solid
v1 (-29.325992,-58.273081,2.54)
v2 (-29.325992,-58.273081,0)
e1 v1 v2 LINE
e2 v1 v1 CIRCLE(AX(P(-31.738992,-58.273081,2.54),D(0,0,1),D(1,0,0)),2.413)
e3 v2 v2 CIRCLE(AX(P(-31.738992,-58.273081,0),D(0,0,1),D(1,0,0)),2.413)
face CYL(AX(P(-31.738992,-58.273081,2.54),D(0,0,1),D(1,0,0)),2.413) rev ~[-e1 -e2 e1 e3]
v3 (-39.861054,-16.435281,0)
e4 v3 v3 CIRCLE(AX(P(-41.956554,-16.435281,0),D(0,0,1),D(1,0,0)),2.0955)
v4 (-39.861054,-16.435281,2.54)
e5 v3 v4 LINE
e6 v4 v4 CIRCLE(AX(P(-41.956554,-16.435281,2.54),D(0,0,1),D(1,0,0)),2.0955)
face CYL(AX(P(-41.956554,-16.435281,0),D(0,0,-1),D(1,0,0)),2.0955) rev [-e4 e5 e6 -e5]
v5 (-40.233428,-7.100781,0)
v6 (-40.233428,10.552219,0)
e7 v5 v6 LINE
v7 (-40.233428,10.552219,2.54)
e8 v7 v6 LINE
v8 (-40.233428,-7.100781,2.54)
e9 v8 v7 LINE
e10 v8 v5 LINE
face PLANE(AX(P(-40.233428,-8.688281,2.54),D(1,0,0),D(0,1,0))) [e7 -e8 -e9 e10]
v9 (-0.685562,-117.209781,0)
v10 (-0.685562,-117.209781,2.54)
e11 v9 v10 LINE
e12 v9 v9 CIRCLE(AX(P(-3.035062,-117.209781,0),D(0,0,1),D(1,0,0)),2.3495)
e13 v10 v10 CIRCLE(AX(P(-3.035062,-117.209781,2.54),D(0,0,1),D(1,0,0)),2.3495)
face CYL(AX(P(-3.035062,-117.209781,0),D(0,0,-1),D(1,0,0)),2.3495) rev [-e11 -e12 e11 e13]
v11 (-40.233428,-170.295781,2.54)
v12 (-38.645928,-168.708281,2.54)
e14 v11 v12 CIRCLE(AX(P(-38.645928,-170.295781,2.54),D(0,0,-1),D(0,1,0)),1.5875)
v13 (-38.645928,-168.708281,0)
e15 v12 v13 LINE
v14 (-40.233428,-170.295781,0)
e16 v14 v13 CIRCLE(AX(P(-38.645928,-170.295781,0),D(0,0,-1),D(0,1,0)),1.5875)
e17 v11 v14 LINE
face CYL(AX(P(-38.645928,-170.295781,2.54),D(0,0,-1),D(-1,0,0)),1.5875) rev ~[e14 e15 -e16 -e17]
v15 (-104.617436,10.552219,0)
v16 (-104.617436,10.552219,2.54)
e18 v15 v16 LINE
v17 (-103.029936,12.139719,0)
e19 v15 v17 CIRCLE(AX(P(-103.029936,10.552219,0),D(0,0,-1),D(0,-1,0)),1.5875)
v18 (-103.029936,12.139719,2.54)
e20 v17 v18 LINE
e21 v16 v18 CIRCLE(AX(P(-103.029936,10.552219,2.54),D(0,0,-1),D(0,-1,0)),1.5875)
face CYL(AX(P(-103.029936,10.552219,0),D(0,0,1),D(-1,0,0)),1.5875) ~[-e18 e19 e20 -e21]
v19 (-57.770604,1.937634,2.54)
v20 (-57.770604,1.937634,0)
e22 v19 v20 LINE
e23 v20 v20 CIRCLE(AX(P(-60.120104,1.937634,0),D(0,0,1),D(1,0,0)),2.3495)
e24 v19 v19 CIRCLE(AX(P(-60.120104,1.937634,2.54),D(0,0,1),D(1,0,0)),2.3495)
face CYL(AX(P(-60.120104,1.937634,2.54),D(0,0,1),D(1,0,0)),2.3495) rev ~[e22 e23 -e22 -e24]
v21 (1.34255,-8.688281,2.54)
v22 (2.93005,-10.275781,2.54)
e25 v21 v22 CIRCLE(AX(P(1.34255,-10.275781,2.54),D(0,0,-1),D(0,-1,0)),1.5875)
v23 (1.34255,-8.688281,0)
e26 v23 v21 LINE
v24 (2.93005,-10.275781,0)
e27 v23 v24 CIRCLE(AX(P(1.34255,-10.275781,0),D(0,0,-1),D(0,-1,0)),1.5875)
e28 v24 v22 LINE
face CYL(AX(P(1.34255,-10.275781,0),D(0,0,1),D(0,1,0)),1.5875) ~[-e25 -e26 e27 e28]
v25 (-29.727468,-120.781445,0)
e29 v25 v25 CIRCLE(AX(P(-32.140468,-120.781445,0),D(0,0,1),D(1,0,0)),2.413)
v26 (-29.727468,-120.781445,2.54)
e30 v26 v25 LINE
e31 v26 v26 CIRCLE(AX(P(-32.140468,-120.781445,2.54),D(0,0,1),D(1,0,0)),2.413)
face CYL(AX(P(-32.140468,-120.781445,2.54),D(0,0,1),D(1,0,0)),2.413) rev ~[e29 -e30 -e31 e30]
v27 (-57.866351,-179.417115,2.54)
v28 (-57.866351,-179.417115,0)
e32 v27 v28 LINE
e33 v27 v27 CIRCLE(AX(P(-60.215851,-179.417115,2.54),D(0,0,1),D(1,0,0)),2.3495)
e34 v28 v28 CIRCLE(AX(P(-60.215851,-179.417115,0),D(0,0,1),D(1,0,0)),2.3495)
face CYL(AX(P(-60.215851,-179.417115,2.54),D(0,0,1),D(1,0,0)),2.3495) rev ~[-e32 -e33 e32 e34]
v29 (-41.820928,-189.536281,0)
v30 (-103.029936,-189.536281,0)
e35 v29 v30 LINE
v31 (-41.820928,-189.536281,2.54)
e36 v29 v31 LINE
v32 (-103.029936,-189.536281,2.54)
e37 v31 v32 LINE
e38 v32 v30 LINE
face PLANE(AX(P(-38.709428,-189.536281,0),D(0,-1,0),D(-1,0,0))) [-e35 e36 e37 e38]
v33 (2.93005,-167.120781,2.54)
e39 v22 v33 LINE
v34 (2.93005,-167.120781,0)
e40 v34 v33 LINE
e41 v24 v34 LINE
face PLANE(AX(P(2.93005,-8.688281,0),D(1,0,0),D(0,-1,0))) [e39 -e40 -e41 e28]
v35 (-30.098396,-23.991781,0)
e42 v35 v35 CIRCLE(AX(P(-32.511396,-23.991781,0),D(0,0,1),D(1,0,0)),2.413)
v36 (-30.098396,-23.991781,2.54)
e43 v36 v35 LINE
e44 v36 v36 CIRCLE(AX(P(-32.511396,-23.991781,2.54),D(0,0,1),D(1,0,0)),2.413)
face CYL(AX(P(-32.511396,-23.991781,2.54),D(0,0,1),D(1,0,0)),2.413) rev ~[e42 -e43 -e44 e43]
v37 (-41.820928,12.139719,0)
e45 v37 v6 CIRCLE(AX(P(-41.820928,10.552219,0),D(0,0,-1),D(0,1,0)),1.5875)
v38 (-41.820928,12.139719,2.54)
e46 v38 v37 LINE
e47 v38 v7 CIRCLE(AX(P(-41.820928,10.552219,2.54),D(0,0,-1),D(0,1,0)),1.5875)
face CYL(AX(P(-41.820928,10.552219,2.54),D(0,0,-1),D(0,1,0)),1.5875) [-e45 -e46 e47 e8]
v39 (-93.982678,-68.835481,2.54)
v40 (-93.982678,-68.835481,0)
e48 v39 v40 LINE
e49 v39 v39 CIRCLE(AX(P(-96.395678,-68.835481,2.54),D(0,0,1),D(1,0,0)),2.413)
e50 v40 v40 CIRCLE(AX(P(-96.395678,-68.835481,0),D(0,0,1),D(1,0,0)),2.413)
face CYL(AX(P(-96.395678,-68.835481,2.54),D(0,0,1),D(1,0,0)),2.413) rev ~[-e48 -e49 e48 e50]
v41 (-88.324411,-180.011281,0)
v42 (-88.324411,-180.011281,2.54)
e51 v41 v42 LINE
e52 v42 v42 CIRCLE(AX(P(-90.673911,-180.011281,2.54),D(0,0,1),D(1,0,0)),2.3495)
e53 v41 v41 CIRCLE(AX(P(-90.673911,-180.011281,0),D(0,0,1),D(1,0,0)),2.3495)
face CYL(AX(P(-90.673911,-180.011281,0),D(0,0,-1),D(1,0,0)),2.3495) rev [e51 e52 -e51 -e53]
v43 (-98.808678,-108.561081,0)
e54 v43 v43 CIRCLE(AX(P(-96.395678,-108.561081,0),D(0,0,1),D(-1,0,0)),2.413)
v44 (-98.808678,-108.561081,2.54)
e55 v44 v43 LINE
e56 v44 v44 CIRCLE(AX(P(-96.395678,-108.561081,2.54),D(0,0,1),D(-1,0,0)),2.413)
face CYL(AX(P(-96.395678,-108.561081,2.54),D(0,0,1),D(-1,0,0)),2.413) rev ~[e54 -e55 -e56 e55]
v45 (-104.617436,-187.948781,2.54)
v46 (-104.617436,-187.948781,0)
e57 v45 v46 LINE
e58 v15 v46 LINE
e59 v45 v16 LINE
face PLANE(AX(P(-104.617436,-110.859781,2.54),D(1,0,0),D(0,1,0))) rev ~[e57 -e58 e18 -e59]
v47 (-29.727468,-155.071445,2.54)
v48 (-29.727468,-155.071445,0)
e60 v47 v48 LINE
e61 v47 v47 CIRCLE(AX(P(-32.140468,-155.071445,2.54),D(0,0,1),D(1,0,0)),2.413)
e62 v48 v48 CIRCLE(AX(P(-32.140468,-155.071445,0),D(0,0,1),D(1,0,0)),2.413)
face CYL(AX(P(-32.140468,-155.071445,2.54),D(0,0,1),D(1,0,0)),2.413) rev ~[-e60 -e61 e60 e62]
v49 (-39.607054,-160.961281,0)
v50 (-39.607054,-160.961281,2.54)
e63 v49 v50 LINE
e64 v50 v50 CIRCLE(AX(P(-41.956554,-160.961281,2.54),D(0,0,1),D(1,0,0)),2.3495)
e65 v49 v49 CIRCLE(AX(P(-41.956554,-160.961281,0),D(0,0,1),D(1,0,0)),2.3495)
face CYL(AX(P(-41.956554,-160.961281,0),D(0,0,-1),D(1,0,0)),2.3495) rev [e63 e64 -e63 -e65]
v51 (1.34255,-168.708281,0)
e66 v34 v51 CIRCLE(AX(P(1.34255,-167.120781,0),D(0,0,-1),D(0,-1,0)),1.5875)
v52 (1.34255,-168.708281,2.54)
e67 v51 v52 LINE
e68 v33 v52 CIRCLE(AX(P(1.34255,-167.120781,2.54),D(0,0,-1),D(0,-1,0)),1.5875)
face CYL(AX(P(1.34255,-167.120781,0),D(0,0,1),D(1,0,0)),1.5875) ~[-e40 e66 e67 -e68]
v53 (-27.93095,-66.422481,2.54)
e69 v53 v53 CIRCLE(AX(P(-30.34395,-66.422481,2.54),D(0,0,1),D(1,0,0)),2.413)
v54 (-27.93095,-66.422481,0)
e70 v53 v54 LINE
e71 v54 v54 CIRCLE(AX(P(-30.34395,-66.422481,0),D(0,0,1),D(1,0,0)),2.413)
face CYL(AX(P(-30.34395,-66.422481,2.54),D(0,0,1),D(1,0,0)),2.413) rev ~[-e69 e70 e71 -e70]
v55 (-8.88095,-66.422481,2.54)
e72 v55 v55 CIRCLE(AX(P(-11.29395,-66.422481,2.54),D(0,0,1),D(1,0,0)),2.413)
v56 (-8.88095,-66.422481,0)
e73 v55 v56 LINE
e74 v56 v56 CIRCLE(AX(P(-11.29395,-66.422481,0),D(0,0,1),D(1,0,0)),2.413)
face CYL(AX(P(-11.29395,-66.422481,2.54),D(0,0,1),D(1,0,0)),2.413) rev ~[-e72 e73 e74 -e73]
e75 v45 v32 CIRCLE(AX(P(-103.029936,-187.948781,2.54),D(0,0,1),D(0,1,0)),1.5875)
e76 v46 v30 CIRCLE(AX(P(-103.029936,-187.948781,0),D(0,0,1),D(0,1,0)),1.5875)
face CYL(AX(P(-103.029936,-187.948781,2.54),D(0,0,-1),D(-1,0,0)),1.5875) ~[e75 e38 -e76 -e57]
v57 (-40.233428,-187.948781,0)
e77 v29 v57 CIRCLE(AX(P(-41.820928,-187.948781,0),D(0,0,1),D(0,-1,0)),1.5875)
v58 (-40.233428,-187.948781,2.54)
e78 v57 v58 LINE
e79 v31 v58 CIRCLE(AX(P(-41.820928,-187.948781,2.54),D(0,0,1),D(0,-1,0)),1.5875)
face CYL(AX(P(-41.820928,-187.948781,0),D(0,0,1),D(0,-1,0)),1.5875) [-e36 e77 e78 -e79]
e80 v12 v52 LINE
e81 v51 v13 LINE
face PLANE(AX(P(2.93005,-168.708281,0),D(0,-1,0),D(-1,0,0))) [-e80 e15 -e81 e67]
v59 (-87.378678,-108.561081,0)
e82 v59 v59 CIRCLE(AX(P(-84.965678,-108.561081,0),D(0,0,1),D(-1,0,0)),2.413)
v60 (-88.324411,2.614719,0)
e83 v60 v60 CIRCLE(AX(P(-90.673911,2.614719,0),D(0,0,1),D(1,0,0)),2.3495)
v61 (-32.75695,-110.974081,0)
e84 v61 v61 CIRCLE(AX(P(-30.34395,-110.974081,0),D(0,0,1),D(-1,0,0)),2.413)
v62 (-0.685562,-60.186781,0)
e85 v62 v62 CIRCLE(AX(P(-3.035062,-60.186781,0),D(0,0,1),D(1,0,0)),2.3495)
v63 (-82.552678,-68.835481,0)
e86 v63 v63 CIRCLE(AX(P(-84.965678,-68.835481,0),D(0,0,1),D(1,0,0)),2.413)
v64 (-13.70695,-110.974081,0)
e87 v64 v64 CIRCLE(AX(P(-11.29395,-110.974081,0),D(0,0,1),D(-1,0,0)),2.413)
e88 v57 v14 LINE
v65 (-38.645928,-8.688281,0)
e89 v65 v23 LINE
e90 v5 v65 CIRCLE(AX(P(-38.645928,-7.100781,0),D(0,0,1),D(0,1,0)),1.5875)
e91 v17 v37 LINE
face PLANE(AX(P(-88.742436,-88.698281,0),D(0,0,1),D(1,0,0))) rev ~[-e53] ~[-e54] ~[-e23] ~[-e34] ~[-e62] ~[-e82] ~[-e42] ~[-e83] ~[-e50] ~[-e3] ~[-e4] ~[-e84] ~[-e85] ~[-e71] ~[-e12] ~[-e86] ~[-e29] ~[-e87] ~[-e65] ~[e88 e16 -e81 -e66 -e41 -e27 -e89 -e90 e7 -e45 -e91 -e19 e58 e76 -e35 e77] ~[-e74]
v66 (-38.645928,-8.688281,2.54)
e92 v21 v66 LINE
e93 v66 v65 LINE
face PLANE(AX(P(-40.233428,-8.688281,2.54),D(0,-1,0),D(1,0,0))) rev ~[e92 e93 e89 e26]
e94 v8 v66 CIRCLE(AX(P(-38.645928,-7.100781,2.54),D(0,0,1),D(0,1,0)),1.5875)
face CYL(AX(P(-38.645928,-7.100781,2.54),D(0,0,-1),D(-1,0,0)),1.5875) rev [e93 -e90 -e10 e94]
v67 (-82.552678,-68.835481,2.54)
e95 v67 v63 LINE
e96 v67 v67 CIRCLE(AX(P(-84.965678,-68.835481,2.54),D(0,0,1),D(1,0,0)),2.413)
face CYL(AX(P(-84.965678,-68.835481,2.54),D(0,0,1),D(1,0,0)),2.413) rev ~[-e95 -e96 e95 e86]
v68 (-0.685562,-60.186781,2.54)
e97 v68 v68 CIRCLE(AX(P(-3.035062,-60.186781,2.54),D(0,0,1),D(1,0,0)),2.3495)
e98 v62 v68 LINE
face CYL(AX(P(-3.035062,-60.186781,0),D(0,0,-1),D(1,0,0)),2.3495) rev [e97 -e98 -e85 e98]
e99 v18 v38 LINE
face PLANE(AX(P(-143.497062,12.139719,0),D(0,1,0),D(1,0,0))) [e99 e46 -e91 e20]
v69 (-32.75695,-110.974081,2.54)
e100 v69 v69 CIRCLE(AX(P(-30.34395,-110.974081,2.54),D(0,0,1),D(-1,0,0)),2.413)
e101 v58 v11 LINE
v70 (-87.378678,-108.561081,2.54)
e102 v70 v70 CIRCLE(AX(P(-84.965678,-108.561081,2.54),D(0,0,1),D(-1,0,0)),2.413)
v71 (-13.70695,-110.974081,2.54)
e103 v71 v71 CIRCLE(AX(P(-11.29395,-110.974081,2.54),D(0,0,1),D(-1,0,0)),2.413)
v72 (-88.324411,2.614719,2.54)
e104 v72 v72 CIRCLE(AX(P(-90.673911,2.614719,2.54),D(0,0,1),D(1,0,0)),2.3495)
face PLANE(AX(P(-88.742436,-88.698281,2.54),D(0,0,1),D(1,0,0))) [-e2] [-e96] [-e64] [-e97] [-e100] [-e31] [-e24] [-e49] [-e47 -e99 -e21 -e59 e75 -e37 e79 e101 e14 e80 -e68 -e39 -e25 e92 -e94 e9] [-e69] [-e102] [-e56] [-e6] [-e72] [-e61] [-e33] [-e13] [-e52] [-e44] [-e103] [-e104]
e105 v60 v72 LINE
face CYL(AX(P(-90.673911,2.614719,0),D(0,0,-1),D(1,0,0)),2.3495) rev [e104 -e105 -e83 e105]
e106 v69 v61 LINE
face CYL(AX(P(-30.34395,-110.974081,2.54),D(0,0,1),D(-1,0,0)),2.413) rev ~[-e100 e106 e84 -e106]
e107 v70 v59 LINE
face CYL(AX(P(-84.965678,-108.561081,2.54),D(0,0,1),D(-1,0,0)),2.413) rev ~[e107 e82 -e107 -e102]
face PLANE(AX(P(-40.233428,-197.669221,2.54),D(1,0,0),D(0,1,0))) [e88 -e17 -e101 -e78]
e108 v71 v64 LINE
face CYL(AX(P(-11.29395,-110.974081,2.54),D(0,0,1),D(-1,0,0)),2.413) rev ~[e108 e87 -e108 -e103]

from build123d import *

# Parameters (mm, degrees)
SKETCH2_R               = 2.3495
SKETCH2_R_2             = 2.0955
BOSS_EXTRUDE1_DEPTH     = 2.54
SKETCH3_W               = 31.75
SKETCH3_H               = 44.323
BOSS_EXTRUDE2_DEPTH     = 2.54
SKETCH4_R               = 2.413
CUT_EXTRUDE1_DEPTH      = 238.743265275
SKETCH5_R               = 2.413
CUT_EXTRUDE2_DEPTH      = 238.743265275
SKETCH6_R               = 2.413
CUT_EXTRUDE3_DEPTH      = 238.743265275
SKETCH7_R               = 2.413
CUT_EXTRUDE4_DEPTH      = 238.743265275
SKETCH8_W               = 7.994763
SKETCH8_H               = 21.113506736
SKETCH8_W_2             = 21.493659396
SKETCH8_H_2             = 28.960940125
CUT_EXTRUDE5_DEPTH      = 238.743265275
CUT_EXTRUDE6_DEPTH      = 238.743265275
CUT_EXTRUDE6_DEPTH_BACK = 238.743265275
CUT_EXTRUDE7_REACH      = 206.142
SKETCH10_R              = 2.3495
FILLET1_R               = 1.5875


with BuildPart() as part:
    # Sketch2 → Boss-Extrude1 (new body)
    with BuildSketch(Plane(origin=(0, 0, 0), x_dir=(-1, 0, 0), z_dir=(0, 0, 1))):
        Polygon((-2.930050059, 168.708281075), (38.709428475, 168.708281075), (38.709428475, 189.536281075), (143.497061781, 189.536281075), (104.617436481, 110.859781075), (72.867436481, 110.859781075), (72.867436481, 66.536781075), (104.617436481, 66.536781075), (143.497061781, -12.139718925), (38.709428475, -12.139718925), (38.709428475, 8.688281075), (-2.930050059, 8.688281075), align=None)
        with Locations(Location((41.95655448, 160.961281075, 0), (0, 0, 180))):
            Circle(SKETCH2_R, mode=Mode.SUBTRACT)
        with Locations(Location((90.673911143, 180.011281075, 0), (0, 0, 180))):
            Circle(SKETCH2_R, mode=Mode.SUBTRACT)
        with Locations(Location((90.673911143, -2.614718925, 0), (0, 0, 180))):
            Circle(SKETCH2_R, mode=Mode.SUBTRACT)
        with Locations(Location((3.035061781, 117.209781075, 0), (0, 0, 180))):
            Circle(SKETCH2_R, mode=Mode.SUBTRACT)
        with Locations(Location((3.035061781, 60.186781075, 0), (0, 0, 180))):
            Circle(SKETCH2_R, mode=Mode.SUBTRACT)
        with Locations(Location((41.95655448, 16.435281075, 0), (0, 0, 180))):
            Circle(SKETCH2_R_2, mode=Mode.SUBTRACT)
    extrude(amount=BOSS_EXTRUDE1_DEPTH)

    # Sketch3 → Boss-Extrude2 (add)
    with BuildSketch(Plane.XY.offset(2.54)):
        with Locations((-88.742436481, -88.698281075)):
            Rectangle(SKETCH3_W, SKETCH3_H)
    extrude(amount=-BOSS_EXTRUDE2_DEPTH)

    # Sketch4 → Cut-Extrude1 (cut, through all)
    with BuildSketch(Plane.XY.offset(2.54)):
        with Locations((-96.39567787, -68.835481075)):
            Circle(SKETCH4_R)
        with Locations((-84.96567787, -68.835481075)):
            Circle(SKETCH4_R)
        with Locations((-30.343949941, -66.422481075)):
            Circle(SKETCH4_R)
        with Locations((-11.293949941, -66.422481075)):
            Circle(SKETCH4_R)
        with Locations(Location((-11.293949941, -110.974081075, 0), (0, 0, 180))):
            Circle(SKETCH4_R)
        with Locations(Location((-30.343949941, -110.974081075, 0), (0, 0, 180))):
            Circle(SKETCH4_R)
        with Locations(Location((-84.96567787, -108.561081075, 0), (0, 0, 180))):
            Circle(SKETCH4_R)
        with Locations(Location((-96.39567787, -108.561081075, 0), (0, 0, 180))):
            Circle(SKETCH4_R)
    extrude(amount=-CUT_EXTRUDE1_DEPTH, mode=Mode.SUBTRACT)

    # Sketch5 → Cut-Extrude2 (cut, through all)
    with BuildSketch(Plane.XY.offset(2.54)):
        with Locations((-31.738991634, -58.273080522)):
            Circle(SKETCH5_R)
    extrude(amount=-CUT_EXTRUDE2_DEPTH, mode=Mode.SUBTRACT)

    # Sketch6 → Cut-Extrude3 (cut, through all)
    with BuildSketch(Plane.XY.offset(2.54)):
        with Locations((-32.511395831, -23.991781075)):
            Circle(SKETCH6_R)
    extrude(amount=-CUT_EXTRUDE3_DEPTH, mode=Mode.SUBTRACT)

    # Sketch7 → Cut-Extrude4 (cut, through all)
    with BuildSketch(Plane.XY.offset(2.54)):
        with Locations((-32.140467993, -155.071444629)):
            Circle(SKETCH7_R)
        with Locations((-32.140467993, -120.781444629)):
            Circle(SKETCH7_R)
    extrude(amount=-CUT_EXTRUDE4_DEPTH, mode=Mode.SUBTRACT)

    # Sketch8 → Cut-Extrude5 (cut, through all)
    with BuildSketch(Plane.XY.offset(2.54)):
        with Locations((-36.236046975, 1.868472293)):
            Rectangle(SKETCH8_W, SKETCH8_H)
        with Locations((-29.486598777, -183.188751137)):
            Rectangle(SKETCH8_W_2, SKETCH8_H_2)
    extrude(amount=-CUT_EXTRUDE5_DEPTH, mode=Mode.SUBTRACT)

    # Sketch9 → Cut-Extrude6 (cut, two sides: drawn at the far end of the back side and taken through both)
    with BuildSketch(Plane.XY.offset(2.54).offset(-CUT_EXTRUDE6_DEPTH_BACK)):
        Polygon((-104.617436481, -66.536781075), (-104.617436481, 15.636566552), (-183.179161499, 15.636566552), (-188.262141255, -199.721259961), (-104.617436481, -202.664037714), align=None)
    extrude(amount=CUT_EXTRUDE6_DEPTH + CUT_EXTRUDE6_DEPTH_BACK, mode=Mode.SUBTRACT)

    # Sketch10 → Cut-Extrude7 (cut, up to next)
    with BuildSketch(Plane(origin=(-13.551580143, -6.849856516, 2.54), x_dir=(-0.9999147240311792, 0.01305927508136085, 0), z_dir=(0, 0, 1)), mode=Mode.PRIVATE) as cut_extrude7_sk1:
        with Locations(Location((46.679311403, -8.178590001, 0), (0, 0, 180.748262615))):
            Circle(SKETCH10_R)
    cut_extrude7_tool1 = extrude(cut_extrude7_sk1.sketch, amount=-CUT_EXTRUDE7_REACH, mode=Mode.PRIVATE) & part.part
    # Sketch10 → Cut-Extrude7 (cut, up to next)
    with BuildSketch(Plane(origin=(-13.551580143, -6.849856516, 2.54), x_dir=(-0.9999147240311792, 0.01305927508136085, 0), z_dir=(0, 0, 1)), mode=Mode.PRIVATE) as cut_extrude7_sk2:
        with Locations(Location((44.406688666, 173.16194469, 0), (0, 0, 180.748262615))):
            Circle(SKETCH10_R)
    cut_extrude7_tool2 = extrude(cut_extrude7_sk2.sketch, amount=-CUT_EXTRUDE7_REACH, mode=Mode.PRIVATE) & part.part
    add(cut_extrude7_tool1.solids().sort_by_distance((-60.120104, 1.937634, 2.54))[0], mode=Mode.SUBTRACT)
    add(cut_extrude7_tool2.solids().sort_by_distance((-60.215851, -179.417115, 2.54))[0], mode=Mode.SUBTRACT)

    # Fillet1
    fillet1_edges = [part.edges().sort_by_distance(p)[0] for p in [
        (-40.233428475, -189.536281075, 1.27),
        (-40.233428475, 12.139718925, 1.27),
        (-40.233428475, -8.688281075, 1.27),
        (-40.233428475, -168.708281075, 1.27),
        (-104.617436481, -189.536281075, 1.27),
        (-104.617436481, 12.139718925, 1.27),
        (2.930050059, -168.708281075, 1.27),
        (2.930050059, -8.688281075, 1.27),
    ]]
    fillet(fillet1_edges, radius=FILLET1_R)


solid = part.part
